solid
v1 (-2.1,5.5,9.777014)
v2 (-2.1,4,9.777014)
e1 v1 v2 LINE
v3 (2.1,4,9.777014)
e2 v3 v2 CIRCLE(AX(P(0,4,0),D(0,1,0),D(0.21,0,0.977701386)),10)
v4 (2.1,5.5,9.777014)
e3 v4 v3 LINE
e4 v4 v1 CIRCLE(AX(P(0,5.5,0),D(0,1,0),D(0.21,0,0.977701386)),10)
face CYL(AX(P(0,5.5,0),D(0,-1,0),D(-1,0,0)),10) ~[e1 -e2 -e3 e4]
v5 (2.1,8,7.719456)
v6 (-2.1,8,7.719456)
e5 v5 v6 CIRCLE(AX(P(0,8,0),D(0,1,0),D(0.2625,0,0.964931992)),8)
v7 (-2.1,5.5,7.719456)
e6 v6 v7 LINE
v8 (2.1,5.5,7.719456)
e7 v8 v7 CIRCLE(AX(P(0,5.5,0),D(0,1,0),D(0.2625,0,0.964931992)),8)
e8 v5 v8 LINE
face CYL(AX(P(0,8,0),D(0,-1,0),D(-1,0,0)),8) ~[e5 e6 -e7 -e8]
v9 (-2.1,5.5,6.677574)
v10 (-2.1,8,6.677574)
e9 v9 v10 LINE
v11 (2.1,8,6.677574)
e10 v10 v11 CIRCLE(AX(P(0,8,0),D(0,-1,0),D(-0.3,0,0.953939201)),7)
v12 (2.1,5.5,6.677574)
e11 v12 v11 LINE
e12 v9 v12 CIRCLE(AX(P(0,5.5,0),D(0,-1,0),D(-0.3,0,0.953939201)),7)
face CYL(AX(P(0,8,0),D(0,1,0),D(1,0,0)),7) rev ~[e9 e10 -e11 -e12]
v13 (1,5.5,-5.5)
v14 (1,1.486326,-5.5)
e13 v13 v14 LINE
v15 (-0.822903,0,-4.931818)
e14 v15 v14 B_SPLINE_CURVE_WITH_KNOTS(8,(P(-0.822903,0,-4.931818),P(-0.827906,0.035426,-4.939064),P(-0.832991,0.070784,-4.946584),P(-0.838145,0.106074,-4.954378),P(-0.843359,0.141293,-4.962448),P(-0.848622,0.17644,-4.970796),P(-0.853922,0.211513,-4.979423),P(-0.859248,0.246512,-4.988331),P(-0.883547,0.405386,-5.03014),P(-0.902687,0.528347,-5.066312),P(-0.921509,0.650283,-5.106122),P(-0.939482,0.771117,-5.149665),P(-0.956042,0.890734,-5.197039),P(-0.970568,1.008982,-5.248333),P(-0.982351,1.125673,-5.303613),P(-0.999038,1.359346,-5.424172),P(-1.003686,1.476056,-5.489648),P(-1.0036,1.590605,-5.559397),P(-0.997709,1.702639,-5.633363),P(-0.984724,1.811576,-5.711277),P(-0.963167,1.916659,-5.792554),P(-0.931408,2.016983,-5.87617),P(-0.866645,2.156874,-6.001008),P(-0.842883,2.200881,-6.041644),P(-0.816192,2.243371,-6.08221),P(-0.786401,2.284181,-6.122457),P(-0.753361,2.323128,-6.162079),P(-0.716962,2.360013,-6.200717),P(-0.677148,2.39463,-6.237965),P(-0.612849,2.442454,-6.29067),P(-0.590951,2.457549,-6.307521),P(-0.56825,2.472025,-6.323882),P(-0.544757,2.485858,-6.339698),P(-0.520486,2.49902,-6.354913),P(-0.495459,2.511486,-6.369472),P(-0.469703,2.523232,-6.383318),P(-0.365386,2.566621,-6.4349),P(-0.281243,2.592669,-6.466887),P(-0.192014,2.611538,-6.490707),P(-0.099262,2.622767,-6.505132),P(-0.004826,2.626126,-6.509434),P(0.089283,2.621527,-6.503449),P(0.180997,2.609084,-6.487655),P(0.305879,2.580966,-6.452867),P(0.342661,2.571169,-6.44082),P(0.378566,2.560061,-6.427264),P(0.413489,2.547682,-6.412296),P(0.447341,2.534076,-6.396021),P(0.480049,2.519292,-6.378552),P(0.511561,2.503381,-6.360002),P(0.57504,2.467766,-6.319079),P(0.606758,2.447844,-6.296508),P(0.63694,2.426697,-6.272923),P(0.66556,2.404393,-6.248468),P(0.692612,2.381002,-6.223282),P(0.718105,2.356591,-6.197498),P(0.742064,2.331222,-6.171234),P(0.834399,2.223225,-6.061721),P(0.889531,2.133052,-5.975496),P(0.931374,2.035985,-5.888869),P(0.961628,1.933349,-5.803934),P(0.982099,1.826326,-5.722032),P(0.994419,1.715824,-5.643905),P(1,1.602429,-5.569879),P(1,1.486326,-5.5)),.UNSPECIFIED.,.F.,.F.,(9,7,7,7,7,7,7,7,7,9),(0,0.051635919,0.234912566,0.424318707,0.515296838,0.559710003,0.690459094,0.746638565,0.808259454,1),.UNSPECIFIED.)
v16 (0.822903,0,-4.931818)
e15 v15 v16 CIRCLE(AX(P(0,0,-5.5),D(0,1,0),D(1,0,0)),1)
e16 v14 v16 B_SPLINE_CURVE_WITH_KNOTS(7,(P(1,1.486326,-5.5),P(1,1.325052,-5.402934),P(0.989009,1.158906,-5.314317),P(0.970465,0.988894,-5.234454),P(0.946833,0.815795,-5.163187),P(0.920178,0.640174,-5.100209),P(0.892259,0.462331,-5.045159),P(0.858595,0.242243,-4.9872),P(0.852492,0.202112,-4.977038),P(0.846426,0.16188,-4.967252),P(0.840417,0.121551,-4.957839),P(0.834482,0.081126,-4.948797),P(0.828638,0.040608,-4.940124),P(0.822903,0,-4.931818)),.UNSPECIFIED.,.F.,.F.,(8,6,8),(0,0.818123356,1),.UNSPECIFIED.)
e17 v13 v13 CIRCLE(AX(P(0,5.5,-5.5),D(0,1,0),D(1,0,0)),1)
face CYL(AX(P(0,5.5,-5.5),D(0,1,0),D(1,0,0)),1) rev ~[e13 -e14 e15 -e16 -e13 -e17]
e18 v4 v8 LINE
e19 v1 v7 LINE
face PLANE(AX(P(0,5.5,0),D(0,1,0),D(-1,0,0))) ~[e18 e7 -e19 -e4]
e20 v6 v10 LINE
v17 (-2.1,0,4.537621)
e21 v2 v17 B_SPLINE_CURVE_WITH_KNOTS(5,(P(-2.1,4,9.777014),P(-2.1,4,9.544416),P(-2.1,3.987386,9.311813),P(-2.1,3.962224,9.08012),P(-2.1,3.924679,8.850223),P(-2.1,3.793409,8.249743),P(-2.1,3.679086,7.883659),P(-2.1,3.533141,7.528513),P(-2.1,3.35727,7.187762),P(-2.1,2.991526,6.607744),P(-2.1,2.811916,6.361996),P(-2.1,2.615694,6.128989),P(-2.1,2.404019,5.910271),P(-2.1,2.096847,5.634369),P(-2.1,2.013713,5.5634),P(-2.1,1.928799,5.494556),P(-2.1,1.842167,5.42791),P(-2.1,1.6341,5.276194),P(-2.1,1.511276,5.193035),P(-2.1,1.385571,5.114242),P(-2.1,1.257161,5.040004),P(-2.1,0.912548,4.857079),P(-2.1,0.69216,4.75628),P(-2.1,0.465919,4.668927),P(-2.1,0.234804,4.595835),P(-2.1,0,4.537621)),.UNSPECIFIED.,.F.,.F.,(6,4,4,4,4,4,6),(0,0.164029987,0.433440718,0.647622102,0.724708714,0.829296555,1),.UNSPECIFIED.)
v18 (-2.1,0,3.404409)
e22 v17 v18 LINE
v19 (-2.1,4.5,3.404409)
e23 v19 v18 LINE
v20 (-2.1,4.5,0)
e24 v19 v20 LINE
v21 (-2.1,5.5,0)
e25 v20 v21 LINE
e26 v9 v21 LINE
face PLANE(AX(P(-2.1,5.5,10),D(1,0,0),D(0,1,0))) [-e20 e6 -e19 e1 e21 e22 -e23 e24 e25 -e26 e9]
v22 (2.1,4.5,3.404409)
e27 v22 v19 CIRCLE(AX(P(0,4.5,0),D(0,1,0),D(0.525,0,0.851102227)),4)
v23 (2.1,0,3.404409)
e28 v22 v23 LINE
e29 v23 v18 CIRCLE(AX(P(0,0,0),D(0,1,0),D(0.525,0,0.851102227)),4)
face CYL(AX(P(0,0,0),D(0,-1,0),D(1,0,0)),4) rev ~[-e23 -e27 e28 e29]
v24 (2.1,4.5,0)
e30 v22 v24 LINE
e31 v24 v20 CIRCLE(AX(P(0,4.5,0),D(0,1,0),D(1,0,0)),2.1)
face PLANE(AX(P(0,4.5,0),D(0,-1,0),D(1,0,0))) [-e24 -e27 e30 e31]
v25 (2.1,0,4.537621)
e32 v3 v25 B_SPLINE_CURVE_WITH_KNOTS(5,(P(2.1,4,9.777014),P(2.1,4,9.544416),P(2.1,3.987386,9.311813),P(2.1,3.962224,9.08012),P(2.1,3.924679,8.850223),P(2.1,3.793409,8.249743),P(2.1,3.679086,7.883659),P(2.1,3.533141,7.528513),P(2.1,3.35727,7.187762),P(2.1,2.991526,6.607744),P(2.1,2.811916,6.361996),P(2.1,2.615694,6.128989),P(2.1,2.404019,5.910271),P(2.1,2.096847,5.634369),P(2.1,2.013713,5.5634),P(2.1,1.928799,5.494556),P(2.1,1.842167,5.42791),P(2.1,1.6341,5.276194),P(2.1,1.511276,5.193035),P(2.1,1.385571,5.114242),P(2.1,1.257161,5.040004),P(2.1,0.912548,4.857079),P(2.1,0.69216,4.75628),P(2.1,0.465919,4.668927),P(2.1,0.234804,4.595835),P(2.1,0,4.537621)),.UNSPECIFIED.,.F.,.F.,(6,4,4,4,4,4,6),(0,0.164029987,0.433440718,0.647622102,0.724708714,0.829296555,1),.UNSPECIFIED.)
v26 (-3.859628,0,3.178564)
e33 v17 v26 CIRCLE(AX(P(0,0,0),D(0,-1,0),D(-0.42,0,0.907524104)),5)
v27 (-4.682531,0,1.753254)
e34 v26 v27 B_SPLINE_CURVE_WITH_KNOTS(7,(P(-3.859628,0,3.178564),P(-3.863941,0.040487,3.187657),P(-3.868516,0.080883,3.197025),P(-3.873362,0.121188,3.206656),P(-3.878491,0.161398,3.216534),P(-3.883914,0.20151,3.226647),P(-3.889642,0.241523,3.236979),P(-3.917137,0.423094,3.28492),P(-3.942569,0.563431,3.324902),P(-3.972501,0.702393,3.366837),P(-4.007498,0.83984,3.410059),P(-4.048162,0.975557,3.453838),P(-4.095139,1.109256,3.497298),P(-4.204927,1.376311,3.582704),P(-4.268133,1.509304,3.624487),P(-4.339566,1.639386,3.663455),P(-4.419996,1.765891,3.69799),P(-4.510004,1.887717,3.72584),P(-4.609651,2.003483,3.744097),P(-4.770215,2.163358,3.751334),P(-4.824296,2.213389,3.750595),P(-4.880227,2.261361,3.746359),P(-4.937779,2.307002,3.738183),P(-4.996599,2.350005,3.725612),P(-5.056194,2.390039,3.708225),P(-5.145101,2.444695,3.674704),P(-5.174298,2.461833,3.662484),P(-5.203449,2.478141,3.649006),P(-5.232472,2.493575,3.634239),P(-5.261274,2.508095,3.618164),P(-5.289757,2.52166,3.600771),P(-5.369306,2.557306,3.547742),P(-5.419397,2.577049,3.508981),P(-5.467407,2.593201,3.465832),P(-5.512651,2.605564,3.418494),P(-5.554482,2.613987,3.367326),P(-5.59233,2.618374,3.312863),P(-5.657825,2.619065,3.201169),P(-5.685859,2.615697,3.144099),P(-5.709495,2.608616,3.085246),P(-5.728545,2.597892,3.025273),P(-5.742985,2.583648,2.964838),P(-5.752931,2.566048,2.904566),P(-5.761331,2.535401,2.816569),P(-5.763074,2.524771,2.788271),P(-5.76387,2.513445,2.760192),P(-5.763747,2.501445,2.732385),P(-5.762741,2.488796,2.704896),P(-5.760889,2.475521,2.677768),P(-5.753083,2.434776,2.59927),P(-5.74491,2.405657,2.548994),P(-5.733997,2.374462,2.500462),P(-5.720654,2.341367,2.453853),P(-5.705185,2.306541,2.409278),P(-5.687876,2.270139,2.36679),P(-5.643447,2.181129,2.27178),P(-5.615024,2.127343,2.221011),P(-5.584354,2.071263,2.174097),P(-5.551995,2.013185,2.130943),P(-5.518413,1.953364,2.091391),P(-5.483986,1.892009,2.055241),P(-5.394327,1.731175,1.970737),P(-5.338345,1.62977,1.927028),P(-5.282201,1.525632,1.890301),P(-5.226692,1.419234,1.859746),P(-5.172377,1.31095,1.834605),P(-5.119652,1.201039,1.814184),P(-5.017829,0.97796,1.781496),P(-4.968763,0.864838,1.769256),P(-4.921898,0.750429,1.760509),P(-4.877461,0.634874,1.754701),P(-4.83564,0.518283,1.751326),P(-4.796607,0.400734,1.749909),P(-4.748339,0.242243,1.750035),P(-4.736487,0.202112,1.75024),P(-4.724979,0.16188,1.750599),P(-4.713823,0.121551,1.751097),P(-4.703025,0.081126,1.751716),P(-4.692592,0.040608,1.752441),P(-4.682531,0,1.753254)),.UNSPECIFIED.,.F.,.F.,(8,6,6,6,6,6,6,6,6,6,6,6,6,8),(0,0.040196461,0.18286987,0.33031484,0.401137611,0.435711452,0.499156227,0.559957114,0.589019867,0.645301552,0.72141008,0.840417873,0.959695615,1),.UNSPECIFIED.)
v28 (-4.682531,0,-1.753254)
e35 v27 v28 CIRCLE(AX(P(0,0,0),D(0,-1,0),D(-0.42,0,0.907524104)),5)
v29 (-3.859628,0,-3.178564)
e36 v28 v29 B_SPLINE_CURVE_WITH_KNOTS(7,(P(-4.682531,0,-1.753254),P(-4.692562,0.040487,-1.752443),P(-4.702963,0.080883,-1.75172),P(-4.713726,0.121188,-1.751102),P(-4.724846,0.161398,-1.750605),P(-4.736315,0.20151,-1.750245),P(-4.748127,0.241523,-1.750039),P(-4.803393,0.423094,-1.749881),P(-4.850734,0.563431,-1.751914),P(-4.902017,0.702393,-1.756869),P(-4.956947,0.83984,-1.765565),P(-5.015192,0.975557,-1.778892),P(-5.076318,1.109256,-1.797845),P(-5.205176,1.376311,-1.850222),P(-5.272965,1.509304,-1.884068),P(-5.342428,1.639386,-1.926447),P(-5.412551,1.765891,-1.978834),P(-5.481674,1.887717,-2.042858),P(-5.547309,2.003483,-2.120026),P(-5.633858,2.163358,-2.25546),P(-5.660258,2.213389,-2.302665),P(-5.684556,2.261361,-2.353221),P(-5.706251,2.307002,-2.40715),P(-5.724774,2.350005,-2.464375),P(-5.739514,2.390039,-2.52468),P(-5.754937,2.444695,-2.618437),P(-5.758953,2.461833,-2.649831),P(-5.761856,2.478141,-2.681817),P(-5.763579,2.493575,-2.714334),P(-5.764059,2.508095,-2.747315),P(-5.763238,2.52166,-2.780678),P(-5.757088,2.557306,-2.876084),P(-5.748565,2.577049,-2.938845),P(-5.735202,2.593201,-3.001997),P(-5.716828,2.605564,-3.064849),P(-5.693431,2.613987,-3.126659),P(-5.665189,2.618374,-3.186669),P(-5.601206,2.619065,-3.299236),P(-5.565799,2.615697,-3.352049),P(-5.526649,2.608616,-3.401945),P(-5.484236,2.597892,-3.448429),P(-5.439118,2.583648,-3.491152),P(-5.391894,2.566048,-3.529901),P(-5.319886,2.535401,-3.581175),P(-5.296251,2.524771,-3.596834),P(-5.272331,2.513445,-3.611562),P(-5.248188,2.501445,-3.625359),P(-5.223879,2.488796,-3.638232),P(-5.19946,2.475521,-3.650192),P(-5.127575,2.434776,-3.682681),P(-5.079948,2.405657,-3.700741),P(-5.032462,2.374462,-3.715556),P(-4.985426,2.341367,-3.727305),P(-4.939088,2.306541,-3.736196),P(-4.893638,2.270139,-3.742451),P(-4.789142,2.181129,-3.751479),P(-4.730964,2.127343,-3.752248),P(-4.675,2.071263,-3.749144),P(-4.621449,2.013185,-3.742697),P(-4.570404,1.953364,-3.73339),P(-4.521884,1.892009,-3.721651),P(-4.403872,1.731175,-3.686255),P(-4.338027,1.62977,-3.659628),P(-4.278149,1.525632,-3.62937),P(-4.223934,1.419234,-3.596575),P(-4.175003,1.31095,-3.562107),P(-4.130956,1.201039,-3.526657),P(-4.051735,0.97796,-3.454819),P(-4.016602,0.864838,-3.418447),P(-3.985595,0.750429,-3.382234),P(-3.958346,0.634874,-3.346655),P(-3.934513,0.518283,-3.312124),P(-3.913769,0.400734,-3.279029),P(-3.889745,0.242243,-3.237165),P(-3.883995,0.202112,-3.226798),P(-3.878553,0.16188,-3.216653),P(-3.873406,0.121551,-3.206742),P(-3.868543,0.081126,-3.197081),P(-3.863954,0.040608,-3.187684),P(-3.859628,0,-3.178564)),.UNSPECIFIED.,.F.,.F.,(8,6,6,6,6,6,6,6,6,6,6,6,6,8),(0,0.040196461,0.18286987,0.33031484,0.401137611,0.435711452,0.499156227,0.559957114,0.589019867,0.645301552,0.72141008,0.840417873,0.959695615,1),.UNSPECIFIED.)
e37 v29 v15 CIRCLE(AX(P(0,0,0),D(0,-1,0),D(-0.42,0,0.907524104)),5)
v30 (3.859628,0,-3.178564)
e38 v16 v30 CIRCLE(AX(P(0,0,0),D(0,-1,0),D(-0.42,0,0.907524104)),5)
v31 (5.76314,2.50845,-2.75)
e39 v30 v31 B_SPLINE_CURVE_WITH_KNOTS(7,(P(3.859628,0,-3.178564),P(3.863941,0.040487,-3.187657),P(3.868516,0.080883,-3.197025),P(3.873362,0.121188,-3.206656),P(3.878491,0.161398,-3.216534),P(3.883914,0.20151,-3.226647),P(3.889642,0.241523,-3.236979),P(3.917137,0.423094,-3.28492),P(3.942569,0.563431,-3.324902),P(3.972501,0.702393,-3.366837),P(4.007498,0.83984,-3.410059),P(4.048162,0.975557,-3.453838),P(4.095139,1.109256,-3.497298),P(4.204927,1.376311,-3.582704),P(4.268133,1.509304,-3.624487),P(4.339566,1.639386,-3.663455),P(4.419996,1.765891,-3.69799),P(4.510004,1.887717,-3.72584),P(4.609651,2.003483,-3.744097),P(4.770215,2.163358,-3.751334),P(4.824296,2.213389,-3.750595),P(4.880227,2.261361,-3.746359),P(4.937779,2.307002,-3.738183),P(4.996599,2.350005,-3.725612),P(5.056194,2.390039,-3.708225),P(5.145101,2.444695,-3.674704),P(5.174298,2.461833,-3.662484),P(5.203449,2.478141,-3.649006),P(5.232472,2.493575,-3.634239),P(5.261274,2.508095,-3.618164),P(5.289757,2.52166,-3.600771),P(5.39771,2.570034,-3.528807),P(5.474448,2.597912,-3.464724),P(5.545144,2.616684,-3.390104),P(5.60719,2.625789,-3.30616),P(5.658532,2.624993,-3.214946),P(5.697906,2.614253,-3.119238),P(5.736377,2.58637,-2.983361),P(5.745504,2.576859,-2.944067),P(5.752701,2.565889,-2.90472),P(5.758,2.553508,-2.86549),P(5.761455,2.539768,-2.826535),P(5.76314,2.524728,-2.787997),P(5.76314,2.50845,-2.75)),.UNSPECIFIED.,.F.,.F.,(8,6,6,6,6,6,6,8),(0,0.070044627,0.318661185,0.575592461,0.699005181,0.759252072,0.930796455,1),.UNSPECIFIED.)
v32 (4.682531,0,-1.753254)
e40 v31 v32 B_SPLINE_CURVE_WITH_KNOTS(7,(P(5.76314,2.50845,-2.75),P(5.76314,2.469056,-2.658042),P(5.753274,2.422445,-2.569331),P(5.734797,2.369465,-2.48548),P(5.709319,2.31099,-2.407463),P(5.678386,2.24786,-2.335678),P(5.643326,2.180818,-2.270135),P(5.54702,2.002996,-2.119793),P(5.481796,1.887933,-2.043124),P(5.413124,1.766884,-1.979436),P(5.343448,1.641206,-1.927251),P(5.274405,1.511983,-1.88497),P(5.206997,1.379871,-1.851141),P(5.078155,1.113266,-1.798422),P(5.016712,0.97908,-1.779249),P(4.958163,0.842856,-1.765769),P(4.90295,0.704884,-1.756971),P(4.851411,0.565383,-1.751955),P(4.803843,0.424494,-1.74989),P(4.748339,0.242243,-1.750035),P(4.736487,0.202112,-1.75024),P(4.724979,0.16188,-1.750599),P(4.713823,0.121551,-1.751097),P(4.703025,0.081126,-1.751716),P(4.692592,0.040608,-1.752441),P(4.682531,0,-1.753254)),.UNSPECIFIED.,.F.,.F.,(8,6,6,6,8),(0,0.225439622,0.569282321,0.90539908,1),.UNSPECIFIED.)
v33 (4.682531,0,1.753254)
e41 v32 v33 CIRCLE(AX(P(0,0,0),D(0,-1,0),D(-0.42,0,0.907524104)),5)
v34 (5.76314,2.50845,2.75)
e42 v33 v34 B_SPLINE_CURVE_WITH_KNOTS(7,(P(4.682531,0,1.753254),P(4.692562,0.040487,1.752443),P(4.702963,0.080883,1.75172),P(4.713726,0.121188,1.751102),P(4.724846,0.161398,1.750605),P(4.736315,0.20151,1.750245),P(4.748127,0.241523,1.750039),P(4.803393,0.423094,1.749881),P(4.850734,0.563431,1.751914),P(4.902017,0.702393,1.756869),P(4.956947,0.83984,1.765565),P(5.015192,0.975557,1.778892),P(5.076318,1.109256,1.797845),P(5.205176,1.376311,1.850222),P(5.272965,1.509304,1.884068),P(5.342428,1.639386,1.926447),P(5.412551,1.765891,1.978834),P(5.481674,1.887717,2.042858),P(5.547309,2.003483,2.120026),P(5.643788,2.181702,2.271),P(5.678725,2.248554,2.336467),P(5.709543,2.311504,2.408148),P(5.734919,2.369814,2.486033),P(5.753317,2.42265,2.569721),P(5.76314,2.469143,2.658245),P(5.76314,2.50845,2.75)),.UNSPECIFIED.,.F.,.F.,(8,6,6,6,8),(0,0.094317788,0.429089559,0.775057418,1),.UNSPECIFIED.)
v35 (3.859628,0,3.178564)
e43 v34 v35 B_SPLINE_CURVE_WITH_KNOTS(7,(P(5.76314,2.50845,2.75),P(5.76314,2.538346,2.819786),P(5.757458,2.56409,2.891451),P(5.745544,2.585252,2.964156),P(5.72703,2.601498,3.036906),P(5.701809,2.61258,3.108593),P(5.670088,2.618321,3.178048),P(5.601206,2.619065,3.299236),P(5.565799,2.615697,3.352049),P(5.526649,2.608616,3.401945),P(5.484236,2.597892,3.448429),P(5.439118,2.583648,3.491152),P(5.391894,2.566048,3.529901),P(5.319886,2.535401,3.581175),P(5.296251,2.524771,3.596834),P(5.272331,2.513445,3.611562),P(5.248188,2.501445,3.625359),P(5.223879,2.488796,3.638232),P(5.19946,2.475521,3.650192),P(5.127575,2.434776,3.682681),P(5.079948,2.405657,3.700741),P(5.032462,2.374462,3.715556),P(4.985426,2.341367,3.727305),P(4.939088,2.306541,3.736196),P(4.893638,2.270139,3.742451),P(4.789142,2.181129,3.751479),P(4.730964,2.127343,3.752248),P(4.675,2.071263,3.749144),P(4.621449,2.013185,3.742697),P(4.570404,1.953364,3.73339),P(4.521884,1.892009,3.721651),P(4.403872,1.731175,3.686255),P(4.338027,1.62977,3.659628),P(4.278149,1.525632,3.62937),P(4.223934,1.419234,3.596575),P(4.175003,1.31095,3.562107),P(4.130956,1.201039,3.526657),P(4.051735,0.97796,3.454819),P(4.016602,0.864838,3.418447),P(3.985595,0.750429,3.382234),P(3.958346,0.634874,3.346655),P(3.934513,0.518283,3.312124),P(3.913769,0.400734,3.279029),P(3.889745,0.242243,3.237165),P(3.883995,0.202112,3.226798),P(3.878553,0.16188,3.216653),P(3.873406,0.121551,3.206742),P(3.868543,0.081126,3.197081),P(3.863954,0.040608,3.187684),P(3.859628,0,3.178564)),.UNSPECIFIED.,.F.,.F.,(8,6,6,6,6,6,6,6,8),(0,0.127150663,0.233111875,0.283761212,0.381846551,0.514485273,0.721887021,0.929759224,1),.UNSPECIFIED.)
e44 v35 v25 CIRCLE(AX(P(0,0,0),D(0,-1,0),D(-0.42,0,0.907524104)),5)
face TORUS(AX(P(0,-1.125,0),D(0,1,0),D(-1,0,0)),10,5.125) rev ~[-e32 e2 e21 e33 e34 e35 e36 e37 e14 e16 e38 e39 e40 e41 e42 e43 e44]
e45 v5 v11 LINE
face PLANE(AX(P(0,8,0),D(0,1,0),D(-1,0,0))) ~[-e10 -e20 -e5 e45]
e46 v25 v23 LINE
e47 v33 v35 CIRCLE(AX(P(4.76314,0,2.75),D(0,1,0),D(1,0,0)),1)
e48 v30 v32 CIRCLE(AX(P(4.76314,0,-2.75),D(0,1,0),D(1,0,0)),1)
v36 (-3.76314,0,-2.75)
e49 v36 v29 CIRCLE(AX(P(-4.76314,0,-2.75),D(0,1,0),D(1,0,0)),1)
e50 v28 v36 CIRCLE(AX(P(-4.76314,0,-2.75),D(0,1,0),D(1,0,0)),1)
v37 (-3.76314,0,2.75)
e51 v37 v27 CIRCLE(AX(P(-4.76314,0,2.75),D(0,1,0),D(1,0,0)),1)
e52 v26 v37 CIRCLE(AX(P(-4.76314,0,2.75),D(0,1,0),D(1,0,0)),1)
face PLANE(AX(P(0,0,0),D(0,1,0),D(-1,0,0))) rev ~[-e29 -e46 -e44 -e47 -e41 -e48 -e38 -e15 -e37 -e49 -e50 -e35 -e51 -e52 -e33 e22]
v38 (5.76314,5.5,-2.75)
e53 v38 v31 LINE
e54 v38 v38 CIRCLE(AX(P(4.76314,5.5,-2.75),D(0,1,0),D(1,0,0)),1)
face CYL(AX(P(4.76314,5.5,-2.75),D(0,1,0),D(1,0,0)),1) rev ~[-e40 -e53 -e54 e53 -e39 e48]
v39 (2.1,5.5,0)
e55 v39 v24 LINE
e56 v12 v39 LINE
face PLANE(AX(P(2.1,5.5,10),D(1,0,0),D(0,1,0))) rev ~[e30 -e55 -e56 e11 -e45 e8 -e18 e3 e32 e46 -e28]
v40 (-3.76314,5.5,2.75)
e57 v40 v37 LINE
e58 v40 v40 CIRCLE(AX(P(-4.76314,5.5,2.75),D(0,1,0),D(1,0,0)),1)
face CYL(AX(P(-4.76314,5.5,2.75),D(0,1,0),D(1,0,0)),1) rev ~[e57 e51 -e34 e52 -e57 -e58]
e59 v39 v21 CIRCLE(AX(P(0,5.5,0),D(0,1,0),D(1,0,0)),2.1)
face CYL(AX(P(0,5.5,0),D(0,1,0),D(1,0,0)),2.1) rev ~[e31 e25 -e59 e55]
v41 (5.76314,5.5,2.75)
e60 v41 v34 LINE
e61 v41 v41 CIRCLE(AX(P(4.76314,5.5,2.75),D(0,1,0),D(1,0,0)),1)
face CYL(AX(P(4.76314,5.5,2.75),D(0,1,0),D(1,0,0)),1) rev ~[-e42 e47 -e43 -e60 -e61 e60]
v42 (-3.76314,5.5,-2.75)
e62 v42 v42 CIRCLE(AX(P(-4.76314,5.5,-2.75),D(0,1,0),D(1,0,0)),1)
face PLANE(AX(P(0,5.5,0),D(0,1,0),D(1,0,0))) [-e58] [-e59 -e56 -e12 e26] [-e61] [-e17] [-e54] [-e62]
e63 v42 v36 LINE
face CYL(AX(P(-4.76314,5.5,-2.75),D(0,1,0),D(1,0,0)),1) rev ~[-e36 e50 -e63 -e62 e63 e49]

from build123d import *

# Parameters (mm, degrees)
SKETCH2_R          = 7
CUT_EXTRUDE1_DEPTH = 2.5
SKETCH3_R          = 2.1
CUT_EXTRUDE2_DEPTH = 6.5
SKETCH4_R          = 4
CUT_EXTRUDE3_DEPTH = 4.5
CUT_EXTRUDE4_REACH = 22
SKETCH5_W          = 4.2
SKETCH5_H          = 5.5
SKETCH5_H_2        = 3.449205174
SKETCH6_R          = 1
CUT_EXTRUDE5_DEPTH = 6.5000001


with BuildPart() as part:
    # Sketch1 → Revolve1 (revolve)
    with BuildSketch(Plane.XY):
        with BuildLine():
            Line((0, 0), (0, 8))
            Line((0, 8), (-8, 8))
            Line((-8, 8), (-8, 5.5))
            Line((-8, 5.5), (-10, 5.5))
            Line((-10, 5.5), (-10, 4))
            ThreePointArc((-10, 4), (-6.798437881, 2.876952648), (-5, 0))
            Line((-5, 0), (0, 0))
        make_face()
    revolve(axis=Axis((0, 0, 0), (0, 1, 0)))

    # Sketch2 → Cut-Extrude1 (cut)
    with BuildSketch(Plane(origin=(0, 8, 0), x_dir=(1, 0, 0), z_dir=(0, 1, 0))):
        Circle(SKETCH2_R)
    extrude(amount=-CUT_EXTRUDE1_DEPTH, mode=Mode.SUBTRACT)

    # Sketch3 → Cut-Extrude2 (cut, through all)
    with BuildSketch(Plane(origin=(0, 5.5, 0), x_dir=(1, 0, 0), z_dir=(0, 1, 0))):
        Circle(SKETCH3_R)
    extrude(amount=-CUT_EXTRUDE2_DEPTH, mode=Mode.SUBTRACT)

    # Sketch4 → Cut-Extrude3 (cut)
    with BuildSketch(Plane.XZ):
        Circle(SKETCH4_R)
    extrude(amount=-CUT_EXTRUDE3_DEPTH, mode=Mode.SUBTRACT)

    # Sketch5 → Cut-Extrude4 (cut, up to next)
    with BuildSketch(Plane.XY.offset(10), mode=Mode.PRIVATE) as cut_extrude4_sk1:
        with Locations((0, 2.75)):
            Rectangle(SKETCH5_W, SKETCH5_H)
    cut_extrude4_tool1 = extrude(cut_extrude4_sk1.sketch, amount=-CUT_EXTRUDE4_REACH, mode=Mode.PRIVATE) & part.part
    add(cut_extrude4_tool1.solids().sort_by_distance((0, 2.75, 10))[0], mode=Mode.SUBTRACT)
    # Sketch5 → Cut-Extrude4 (cut, up to next)
    with BuildSketch(Plane.XY.offset(10), mode=Mode.PRIVATE) as cut_extrude4_sk2:
        with Locations((0, 7.224602587)):
            Rectangle(SKETCH5_W, SKETCH5_H_2)
    cut_extrude4_tool2 = extrude(cut_extrude4_sk2.sketch, amount=-CUT_EXTRUDE4_REACH, mode=Mode.PRIVATE) & part.part
    add(cut_extrude4_tool2.solids().sort_by_distance((0, 7.224603, 10))[0], mode=Mode.SUBTRACT)

    # Sketch6 → Cut-Extrude5 (cut, through all)
    with BuildSketch(Plane(origin=(0, 5.5, 0), x_dir=(1, 0, 0), z_dir=(0, 1, 0))):
        with Locations((0, 5.5)):
            Circle(SKETCH6_R)
        with Locations((-4.763139721, 2.75)):
            Circle(SKETCH6_R)
        with Locations((-4.763139721, -2.75)):
            Circle(SKETCH6_R)
        with Locations((0, -5.5)):
            Circle(SKETCH6_R)
        with Locations((4.763139721, -2.75)):
            Circle(SKETCH6_R)
        with Locations((4.763139721, 2.75)):
            Circle(SKETCH6_R)
    extrude(amount=-CUT_EXTRUDE5_DEPTH, mode=Mode.SUBTRACT)


solid = part.part
